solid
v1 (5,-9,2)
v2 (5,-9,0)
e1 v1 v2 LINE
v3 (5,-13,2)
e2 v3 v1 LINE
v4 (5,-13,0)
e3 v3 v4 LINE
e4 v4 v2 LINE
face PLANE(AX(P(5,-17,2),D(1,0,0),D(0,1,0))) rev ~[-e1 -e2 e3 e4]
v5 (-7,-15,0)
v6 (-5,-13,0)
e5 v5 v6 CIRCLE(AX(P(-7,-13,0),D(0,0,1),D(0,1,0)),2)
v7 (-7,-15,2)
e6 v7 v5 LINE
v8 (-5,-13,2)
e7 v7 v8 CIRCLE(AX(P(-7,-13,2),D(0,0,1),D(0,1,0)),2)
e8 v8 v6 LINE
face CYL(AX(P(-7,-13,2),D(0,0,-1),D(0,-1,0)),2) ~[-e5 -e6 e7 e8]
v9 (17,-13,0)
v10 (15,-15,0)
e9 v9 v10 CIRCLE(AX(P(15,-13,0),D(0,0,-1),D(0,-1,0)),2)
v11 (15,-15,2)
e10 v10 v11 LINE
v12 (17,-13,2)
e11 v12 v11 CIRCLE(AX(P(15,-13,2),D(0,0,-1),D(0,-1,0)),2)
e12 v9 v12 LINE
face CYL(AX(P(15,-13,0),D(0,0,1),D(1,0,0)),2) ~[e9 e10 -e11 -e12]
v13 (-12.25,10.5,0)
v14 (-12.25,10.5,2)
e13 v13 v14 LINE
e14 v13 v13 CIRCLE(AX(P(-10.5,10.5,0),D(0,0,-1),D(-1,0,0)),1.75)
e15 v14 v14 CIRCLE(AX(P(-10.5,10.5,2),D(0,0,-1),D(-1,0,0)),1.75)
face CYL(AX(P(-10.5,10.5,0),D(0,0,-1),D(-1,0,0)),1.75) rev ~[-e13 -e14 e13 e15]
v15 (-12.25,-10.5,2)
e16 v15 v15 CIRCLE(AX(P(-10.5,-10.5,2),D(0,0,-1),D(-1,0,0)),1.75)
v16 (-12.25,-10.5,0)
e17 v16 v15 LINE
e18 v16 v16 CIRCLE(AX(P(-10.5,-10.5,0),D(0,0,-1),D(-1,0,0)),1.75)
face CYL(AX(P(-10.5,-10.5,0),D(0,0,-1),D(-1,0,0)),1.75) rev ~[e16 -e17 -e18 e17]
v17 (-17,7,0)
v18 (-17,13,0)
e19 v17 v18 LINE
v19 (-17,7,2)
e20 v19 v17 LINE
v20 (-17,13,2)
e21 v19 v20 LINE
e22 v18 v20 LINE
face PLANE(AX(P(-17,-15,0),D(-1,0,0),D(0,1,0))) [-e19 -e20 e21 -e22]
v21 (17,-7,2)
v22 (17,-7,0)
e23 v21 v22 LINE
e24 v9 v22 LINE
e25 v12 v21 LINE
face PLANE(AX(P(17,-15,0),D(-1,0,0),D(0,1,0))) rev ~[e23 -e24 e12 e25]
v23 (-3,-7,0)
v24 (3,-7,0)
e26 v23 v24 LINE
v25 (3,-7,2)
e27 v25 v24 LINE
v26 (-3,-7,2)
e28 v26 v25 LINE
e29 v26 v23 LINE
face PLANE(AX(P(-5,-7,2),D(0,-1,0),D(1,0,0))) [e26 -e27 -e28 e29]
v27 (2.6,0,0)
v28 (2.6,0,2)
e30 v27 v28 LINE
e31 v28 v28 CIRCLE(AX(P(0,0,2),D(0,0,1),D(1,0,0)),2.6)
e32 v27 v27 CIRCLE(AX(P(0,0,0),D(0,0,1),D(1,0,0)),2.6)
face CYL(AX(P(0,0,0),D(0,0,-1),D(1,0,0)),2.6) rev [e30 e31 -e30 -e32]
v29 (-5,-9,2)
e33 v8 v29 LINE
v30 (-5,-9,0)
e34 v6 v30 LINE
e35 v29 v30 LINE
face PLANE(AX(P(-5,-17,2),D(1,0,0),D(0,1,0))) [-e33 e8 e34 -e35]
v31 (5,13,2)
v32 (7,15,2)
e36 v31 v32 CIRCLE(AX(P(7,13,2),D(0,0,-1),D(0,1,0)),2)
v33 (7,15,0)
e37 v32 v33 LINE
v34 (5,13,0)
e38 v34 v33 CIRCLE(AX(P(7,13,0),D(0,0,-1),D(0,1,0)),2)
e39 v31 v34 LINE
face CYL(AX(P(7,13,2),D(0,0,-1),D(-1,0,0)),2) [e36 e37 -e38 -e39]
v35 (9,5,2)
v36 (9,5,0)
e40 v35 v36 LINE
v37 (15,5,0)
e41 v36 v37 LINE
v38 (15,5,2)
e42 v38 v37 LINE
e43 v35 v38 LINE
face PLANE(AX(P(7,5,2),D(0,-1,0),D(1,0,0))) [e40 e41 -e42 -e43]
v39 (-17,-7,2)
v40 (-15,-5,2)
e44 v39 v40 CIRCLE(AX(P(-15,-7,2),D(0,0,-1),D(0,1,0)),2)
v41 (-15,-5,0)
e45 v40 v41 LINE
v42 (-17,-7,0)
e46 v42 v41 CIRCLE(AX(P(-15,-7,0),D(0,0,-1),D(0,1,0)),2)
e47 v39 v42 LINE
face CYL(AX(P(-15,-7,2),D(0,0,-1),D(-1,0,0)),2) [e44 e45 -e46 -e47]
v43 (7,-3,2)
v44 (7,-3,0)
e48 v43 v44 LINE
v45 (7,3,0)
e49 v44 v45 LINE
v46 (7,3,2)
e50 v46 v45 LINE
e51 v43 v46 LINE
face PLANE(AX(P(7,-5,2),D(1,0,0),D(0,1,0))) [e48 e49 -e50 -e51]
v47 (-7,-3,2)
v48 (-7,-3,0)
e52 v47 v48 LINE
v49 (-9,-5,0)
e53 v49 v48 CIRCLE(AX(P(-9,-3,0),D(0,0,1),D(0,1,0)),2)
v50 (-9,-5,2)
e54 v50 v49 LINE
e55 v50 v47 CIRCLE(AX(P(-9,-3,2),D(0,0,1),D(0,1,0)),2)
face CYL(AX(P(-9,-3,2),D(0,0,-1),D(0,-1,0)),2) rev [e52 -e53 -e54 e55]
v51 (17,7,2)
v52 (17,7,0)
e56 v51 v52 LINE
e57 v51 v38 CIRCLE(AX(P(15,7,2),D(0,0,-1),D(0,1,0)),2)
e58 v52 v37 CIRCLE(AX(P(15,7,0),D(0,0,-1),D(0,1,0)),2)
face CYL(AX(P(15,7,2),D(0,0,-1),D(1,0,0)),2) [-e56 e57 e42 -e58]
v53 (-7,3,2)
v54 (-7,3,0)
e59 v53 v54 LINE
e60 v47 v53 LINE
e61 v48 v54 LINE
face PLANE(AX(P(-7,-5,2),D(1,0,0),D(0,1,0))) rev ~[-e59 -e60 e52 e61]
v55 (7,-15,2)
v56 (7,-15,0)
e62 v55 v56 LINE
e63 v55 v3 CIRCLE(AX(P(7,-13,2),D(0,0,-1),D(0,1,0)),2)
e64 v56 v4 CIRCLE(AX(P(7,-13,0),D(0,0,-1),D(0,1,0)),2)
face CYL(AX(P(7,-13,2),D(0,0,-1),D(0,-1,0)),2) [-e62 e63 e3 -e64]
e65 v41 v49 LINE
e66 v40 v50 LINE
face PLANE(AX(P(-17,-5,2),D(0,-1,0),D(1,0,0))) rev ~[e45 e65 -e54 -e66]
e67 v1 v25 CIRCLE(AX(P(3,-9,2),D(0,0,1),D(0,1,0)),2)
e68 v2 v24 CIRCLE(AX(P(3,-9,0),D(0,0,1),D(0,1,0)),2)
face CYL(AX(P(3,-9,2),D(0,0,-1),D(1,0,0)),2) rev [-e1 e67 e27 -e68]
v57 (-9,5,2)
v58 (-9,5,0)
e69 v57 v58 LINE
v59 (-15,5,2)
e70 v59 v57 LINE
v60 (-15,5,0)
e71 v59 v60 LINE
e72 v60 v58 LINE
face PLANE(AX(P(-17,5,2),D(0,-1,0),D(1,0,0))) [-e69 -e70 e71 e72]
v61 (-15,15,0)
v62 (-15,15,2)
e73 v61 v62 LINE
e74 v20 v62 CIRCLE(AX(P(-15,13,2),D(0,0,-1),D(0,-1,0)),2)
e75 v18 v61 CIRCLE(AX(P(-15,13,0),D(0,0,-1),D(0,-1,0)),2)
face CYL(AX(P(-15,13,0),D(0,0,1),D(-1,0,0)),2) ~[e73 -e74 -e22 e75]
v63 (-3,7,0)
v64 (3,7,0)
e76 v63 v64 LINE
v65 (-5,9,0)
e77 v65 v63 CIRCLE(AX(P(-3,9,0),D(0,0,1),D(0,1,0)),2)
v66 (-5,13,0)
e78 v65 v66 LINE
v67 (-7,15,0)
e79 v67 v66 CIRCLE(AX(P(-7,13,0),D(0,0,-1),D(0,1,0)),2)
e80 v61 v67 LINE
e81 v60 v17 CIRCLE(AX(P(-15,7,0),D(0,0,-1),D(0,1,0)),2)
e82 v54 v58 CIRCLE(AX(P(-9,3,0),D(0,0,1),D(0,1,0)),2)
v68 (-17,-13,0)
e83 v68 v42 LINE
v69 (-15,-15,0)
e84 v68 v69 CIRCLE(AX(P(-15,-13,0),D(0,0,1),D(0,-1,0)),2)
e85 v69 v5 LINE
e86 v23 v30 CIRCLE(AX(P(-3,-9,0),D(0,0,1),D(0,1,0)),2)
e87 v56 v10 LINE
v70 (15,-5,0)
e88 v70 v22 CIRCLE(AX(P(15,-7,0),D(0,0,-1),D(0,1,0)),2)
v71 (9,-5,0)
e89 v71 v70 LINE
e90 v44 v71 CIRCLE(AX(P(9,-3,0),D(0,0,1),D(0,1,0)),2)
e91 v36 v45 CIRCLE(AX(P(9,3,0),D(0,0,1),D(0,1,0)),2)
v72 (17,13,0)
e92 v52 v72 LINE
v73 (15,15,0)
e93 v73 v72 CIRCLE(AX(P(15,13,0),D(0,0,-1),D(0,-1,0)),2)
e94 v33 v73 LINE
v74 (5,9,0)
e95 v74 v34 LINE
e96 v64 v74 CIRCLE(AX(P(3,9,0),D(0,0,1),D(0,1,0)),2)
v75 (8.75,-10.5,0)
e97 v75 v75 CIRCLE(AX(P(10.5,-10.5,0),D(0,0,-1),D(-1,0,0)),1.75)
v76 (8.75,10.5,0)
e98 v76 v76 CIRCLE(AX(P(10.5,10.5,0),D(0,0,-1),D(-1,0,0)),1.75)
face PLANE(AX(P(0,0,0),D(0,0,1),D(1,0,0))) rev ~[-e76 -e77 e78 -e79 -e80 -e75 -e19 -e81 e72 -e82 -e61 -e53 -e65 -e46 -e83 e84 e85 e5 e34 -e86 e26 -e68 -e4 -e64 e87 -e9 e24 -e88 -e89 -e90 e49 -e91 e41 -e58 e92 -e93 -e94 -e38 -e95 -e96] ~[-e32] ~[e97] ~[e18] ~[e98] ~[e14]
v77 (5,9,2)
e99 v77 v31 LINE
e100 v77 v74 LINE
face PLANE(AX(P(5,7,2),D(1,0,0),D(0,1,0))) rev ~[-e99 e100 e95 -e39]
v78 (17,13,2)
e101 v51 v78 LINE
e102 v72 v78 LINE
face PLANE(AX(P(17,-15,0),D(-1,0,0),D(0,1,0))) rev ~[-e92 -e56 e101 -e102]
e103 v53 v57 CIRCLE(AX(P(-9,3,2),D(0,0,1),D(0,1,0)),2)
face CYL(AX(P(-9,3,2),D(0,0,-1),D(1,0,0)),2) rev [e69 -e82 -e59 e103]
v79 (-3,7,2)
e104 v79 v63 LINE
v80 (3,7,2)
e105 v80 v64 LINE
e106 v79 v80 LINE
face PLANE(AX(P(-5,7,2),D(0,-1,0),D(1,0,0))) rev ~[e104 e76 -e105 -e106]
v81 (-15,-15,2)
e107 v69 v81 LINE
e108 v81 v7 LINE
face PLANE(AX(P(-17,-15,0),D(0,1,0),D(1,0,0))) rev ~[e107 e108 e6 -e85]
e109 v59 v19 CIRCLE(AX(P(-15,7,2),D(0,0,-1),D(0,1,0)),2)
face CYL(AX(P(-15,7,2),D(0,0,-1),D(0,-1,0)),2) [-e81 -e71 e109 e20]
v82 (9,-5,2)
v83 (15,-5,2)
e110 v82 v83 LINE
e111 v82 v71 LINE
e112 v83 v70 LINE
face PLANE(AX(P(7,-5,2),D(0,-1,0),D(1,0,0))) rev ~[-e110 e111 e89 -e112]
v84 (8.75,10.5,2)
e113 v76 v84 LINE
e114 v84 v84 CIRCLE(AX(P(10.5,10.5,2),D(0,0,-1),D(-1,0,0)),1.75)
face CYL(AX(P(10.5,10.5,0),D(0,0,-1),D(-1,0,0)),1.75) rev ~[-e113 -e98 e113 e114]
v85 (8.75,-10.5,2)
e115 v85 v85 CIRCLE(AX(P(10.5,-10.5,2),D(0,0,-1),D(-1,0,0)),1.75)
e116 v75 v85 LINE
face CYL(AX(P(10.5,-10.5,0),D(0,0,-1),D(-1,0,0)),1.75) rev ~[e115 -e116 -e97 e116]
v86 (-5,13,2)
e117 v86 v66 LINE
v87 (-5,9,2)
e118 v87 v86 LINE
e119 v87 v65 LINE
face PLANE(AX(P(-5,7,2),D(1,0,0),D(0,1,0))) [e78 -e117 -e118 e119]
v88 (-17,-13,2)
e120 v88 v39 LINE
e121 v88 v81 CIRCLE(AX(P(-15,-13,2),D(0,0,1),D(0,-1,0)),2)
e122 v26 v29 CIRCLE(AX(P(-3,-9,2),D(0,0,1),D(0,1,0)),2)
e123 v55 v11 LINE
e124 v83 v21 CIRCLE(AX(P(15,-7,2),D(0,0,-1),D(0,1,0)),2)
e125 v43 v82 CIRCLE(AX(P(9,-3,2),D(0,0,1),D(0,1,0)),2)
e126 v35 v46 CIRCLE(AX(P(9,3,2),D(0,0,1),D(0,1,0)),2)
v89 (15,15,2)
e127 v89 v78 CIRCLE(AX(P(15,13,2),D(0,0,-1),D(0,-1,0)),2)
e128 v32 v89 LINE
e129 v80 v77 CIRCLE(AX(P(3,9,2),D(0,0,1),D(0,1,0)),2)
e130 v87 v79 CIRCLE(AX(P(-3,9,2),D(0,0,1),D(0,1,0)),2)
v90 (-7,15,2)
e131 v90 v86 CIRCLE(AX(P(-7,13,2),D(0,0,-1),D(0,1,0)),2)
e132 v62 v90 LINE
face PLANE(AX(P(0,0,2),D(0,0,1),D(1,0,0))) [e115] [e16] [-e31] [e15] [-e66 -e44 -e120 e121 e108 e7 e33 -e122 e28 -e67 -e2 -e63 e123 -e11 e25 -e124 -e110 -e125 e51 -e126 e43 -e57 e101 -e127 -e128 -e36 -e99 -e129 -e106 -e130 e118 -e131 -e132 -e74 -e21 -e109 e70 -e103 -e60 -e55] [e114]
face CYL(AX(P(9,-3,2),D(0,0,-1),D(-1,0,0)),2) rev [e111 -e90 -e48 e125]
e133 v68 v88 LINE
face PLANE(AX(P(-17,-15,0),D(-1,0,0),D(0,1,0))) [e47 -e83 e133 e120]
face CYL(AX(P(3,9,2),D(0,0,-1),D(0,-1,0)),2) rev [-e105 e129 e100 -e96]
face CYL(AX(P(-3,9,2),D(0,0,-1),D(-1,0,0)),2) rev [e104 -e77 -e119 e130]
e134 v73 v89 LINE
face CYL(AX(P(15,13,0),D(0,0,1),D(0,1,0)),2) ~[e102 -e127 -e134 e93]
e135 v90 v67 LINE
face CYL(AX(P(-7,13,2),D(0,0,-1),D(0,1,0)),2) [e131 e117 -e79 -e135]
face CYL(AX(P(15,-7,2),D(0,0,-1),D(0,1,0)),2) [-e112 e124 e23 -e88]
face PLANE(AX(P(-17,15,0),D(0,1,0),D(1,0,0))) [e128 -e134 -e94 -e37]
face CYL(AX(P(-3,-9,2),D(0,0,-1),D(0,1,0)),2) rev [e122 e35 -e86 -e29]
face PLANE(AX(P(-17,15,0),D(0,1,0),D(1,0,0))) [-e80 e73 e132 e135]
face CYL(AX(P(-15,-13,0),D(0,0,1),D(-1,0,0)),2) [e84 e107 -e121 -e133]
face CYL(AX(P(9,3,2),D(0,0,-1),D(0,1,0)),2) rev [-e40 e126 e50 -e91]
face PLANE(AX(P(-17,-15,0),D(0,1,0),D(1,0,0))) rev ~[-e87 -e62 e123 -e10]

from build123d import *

# Parameters (mm, degrees)
SKETCH_1_W          = 34
SKETCH_1_H          = 30
SKETCH_1_R          = 2.6
EXTRUDE_1_DEPTH     = 2
SKETCH_2_R          = 1.75
CUT_EXTRUDE_1_DEPTH = 2
SKETCH_3_W          = 10
SKETCH_3_H          = 10
CUT_EXTRUDE_2_DEPTH = 2
FILLET_1_R          = 2


with BuildPart() as part:
    # 草图1 → 凸台-拉伸1 (new body)
    with BuildSketch(Plane.XY):
        Rectangle(SKETCH_1_W, SKETCH_1_H)
        Circle(SKETCH_1_R, mode=Mode.SUBTRACT)
    extrude(amount=EXTRUDE_1_DEPTH)

    # 草图2 → 切除-拉伸1 (cut)
    with BuildSketch(Plane(origin=(0, 0, 0), x_dir=(-1, 0, 0), z_dir=(0, 0, -1))):
        with Locations((10.5, -10.5)):
            Circle(SKETCH_2_R)
        with Locations((-10.5, -10.5)):
            Circle(SKETCH_2_R)
        with Locations((-10.5, 10.5)):
            Circle(SKETCH_2_R)
        with Locations((10.5, 10.5)):
            Circle(SKETCH_2_R)
    extrude(amount=-CUT_EXTRUDE_1_DEPTH, mode=Mode.SUBTRACT)

    # 草图3 → 切除-拉伸2 (cut)
    with BuildSketch(Plane.XY.offset(2)):
        with Locations((-12, 0)):
            Rectangle(SKETCH_3_W, SKETCH_3_H)
        with Locations((0, 12)):
            Rectangle(SKETCH_3_W, SKETCH_3_H)
        with Locations((12, 0)):
            Rectangle(SKETCH_3_W, SKETCH_3_H)
        with Locations((0, -12)):
            Rectangle(SKETCH_3_W, SKETCH_3_H)
    extrude(amount=-CUT_EXTRUDE_2_DEPTH, mode=Mode.SUBTRACT)

    # 圆角1
    fillet_1_edges = [part.edges().sort_by_distance(p)[0] for p in [
        (-17, -5, 1),
        (-17, 5, 1),
        (-7, 5, 1),
        (-7, -5, 1),
        (-5, 15, 1),
        (5, 15, 1),
        (-5, 7, 1),
        (5, 7, 1),
        (17, -5, 1),
        (7, -5, 1),
        (7, 5, 1),
        (17, 5, 1),
        (17, -15, 1),
        (-17, -15, 1),
        (-17, 15, 1),
        (17, 15, 1),
        (5, -15, 1),
        (-5, -15, 1),
        (5, -7, 1),
        (-5, -7, 1),
    ]]
    fillet(fillet_1_edges, radius=FILLET_1_R)


solid = part.part
